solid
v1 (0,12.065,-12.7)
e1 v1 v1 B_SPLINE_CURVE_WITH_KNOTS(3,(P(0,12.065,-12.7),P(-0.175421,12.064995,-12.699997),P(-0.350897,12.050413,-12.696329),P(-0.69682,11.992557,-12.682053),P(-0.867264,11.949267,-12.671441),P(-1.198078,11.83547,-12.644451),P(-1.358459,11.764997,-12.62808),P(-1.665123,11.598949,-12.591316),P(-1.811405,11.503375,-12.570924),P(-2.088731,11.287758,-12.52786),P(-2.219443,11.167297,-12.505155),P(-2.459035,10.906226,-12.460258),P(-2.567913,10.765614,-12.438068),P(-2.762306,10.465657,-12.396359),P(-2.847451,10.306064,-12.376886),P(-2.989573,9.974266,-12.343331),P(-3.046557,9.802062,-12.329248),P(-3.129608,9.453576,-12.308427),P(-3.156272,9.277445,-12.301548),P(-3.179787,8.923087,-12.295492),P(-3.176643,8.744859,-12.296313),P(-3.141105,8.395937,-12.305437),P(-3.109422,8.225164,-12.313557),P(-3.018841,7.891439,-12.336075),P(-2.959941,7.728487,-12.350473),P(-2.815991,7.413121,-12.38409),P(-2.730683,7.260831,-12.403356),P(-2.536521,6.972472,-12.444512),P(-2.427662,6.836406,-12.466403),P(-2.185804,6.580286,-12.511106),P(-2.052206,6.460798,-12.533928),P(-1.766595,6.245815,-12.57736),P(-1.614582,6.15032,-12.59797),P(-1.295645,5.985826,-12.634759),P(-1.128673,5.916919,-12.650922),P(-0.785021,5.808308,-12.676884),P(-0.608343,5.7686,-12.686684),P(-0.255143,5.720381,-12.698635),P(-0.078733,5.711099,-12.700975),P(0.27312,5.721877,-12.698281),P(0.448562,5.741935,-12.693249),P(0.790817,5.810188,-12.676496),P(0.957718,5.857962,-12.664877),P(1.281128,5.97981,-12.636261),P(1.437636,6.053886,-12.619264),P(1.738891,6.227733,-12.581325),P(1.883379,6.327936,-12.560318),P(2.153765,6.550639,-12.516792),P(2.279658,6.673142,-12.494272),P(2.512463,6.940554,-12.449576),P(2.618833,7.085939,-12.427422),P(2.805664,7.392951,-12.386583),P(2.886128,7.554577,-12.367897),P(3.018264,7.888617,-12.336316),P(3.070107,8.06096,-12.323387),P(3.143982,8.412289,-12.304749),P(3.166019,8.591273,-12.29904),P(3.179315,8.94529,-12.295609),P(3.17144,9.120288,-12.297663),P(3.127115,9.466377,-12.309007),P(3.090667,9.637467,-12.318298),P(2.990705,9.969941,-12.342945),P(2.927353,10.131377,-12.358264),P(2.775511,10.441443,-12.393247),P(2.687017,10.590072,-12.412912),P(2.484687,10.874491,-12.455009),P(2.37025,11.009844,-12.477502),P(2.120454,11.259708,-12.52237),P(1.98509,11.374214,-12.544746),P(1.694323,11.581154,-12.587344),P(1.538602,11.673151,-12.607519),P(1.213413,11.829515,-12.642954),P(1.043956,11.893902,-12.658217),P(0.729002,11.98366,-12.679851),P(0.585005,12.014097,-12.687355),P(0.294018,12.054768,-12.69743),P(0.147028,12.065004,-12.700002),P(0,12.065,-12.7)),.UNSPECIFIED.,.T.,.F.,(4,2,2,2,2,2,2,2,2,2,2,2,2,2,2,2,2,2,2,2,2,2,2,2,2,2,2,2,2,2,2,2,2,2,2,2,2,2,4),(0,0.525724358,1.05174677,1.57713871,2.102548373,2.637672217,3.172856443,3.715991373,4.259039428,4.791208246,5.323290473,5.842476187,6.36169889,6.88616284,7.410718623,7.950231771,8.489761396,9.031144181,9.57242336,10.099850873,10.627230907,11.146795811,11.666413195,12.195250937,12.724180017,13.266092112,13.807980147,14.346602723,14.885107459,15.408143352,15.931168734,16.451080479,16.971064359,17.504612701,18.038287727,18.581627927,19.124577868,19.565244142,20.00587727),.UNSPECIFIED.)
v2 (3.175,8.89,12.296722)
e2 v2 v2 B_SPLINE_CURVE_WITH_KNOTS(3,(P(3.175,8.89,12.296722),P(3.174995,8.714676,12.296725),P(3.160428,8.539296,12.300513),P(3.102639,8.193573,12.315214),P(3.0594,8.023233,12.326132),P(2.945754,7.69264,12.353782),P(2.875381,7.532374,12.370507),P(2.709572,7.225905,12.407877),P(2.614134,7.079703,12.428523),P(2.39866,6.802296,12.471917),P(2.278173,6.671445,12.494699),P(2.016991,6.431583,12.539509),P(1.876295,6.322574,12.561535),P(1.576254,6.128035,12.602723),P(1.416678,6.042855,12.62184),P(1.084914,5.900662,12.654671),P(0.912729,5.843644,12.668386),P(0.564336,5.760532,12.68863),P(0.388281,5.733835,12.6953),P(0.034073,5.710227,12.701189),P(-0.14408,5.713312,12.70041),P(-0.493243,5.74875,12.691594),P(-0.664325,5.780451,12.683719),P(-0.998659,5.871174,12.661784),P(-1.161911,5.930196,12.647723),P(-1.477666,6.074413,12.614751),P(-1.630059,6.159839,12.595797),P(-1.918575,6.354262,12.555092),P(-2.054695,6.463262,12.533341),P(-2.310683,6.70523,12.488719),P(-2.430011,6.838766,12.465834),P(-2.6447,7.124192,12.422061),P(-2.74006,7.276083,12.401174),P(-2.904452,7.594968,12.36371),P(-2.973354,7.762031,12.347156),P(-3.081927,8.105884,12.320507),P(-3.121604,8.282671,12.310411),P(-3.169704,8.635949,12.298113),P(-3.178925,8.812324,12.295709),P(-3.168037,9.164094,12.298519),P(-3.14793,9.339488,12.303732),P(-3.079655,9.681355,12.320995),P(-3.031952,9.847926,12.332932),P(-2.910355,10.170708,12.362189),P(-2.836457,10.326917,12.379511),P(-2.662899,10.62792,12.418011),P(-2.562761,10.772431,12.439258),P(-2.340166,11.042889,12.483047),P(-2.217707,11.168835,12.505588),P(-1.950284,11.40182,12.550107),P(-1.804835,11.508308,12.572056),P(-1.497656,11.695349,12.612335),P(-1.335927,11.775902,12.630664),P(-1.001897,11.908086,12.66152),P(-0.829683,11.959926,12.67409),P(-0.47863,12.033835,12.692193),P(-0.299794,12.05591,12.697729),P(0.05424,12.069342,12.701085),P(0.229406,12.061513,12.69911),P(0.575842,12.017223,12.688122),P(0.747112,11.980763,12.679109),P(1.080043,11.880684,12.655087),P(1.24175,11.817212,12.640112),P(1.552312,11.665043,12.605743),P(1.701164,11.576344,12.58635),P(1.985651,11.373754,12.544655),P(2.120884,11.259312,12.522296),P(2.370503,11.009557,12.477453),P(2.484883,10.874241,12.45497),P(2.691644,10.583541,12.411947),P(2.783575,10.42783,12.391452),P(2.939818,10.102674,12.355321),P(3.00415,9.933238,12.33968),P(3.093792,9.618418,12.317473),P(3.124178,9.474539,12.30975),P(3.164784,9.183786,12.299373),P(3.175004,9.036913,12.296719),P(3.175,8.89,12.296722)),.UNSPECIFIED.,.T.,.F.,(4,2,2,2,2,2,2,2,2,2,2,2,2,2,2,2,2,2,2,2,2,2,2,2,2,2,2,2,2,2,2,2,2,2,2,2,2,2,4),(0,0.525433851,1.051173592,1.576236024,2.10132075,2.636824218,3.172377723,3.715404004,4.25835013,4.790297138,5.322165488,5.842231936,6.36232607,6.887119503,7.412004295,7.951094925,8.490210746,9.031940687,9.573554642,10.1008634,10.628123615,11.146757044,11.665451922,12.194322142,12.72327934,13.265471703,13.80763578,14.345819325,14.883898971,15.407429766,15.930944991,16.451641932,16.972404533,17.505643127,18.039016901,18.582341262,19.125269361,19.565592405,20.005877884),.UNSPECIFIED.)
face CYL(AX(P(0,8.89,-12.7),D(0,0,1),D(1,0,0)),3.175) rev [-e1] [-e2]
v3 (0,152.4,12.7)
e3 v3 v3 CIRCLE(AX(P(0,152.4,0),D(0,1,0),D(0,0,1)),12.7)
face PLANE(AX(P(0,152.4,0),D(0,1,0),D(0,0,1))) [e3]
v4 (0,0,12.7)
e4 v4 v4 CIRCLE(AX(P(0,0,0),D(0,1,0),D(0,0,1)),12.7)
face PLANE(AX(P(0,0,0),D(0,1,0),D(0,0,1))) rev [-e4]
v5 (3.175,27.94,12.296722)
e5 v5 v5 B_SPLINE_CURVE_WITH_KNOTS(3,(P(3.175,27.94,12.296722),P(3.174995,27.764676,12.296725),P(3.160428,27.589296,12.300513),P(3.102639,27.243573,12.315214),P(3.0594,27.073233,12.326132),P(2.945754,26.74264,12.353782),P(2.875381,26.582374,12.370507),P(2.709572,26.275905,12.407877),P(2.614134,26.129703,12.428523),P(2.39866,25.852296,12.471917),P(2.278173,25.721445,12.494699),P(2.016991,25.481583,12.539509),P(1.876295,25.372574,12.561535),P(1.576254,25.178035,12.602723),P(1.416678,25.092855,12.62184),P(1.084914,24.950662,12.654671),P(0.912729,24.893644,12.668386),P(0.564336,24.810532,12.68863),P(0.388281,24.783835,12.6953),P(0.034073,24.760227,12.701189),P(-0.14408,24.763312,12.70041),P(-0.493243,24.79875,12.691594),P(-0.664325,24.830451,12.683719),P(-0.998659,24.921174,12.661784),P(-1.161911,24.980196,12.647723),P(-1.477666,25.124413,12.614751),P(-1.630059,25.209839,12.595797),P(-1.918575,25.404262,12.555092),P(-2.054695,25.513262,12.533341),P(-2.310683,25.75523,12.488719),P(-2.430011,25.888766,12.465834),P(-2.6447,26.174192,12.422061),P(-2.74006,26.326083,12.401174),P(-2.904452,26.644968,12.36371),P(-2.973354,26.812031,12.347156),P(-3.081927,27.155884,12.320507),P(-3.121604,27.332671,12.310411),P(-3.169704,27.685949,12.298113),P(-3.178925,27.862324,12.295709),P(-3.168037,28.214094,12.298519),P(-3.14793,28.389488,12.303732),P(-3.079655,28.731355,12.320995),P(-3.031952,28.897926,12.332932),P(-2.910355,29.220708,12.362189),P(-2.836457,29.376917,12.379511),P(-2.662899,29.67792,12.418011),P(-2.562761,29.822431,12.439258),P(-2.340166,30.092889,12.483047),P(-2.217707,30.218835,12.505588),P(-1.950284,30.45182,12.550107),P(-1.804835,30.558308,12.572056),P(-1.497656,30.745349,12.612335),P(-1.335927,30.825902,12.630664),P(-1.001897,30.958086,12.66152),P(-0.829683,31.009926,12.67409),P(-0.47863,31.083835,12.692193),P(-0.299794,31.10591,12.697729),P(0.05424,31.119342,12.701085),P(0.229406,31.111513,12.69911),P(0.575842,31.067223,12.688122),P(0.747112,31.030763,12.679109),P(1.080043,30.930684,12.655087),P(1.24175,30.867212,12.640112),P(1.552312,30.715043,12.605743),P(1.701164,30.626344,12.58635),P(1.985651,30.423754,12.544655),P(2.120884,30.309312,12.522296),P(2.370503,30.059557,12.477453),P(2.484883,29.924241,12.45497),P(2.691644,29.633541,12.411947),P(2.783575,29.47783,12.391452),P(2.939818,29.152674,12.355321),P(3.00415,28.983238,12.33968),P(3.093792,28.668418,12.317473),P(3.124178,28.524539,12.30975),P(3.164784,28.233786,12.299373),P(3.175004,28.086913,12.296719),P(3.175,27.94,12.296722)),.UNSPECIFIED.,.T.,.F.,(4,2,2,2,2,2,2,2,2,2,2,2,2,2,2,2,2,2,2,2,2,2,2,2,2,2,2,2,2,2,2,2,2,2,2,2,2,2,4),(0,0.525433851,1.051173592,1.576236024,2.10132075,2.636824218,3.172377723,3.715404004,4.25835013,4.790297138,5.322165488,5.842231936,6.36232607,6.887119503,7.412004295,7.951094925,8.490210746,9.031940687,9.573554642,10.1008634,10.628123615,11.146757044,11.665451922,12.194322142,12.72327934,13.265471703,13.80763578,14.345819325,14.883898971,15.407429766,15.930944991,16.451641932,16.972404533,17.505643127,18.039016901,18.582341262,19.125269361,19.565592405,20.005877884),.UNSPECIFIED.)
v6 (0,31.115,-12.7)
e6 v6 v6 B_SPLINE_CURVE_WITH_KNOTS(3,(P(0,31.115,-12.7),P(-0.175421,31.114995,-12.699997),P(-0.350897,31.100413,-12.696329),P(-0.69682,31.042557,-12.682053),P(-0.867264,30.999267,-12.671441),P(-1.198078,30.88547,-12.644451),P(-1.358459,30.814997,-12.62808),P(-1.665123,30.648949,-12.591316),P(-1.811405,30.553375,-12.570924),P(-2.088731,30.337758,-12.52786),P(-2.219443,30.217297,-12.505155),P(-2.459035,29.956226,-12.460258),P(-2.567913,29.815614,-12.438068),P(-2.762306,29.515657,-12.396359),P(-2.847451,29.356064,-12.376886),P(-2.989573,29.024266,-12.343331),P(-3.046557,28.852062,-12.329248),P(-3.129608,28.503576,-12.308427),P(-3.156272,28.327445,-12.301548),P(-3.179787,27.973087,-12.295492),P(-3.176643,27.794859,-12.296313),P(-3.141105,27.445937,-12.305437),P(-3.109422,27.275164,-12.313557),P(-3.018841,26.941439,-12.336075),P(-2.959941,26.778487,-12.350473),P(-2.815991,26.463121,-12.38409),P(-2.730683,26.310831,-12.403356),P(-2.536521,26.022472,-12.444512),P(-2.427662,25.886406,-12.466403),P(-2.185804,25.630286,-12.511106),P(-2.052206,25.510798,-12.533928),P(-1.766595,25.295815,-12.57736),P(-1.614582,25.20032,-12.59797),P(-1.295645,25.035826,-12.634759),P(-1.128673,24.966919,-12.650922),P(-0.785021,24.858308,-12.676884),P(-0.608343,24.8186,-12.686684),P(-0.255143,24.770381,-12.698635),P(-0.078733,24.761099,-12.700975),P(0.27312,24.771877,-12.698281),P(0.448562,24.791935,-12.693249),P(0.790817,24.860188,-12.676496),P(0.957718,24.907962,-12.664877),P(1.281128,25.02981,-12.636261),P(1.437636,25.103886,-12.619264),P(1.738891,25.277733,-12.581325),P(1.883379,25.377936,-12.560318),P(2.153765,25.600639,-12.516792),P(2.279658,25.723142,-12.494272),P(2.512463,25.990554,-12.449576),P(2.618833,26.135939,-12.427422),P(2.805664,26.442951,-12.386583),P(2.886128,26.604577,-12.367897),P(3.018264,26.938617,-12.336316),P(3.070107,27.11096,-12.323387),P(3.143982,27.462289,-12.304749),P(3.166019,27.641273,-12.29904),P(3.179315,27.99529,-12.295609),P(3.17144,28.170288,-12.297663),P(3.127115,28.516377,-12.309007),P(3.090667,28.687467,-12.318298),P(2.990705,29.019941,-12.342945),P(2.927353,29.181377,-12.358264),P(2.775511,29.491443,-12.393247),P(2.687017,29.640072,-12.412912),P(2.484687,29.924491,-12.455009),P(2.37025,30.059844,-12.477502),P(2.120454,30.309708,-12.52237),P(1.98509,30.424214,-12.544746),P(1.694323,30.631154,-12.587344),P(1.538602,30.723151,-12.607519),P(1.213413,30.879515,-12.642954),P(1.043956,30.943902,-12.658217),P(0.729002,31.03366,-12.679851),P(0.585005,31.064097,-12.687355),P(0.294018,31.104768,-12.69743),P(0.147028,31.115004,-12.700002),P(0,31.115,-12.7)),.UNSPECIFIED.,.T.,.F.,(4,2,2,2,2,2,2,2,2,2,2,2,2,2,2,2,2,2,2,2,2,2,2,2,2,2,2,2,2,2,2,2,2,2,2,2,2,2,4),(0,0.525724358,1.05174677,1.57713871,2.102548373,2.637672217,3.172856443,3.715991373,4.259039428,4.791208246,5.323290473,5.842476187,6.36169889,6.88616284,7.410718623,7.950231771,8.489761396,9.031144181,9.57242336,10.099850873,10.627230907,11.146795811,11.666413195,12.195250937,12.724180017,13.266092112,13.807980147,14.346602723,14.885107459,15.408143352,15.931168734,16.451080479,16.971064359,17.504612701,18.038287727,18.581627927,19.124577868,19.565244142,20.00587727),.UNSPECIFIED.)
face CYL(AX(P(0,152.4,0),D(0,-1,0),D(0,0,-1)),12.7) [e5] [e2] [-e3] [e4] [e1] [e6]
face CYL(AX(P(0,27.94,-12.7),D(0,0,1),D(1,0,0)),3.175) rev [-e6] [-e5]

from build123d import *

# Parameters (mm, degrees)
SKETCH1_R           = 12.7
BOSS_EXTRUDE1_DEPTH = 152.4
SKETCH2_R           = 3.175
CUT_EXTRUDE1_DEPTH  = 26.4


with BuildPart() as part:
    # Sketch1 → Boss-Extrude1 (new body)
    with BuildSketch(Plane(origin=(0, 0, 0), x_dir=(1, 0, 0), z_dir=(0, 1, 0))):
        Circle(SKETCH1_R)
    extrude(amount=BOSS_EXTRUDE1_DEPTH)

    # Sketch2 → Cut-Extrude1 (cut, through all)
    with BuildSketch(Plane.XY.offset(12.7)):
        with Locations((0, 27.94)):
            Circle(SKETCH2_R)
        with Locations((0, 8.89)):
            Circle(SKETCH2_R)
    extrude(amount=-CUT_EXTRUDE1_DEPTH, mode=Mode.SUBTRACT)


solid = part.part
